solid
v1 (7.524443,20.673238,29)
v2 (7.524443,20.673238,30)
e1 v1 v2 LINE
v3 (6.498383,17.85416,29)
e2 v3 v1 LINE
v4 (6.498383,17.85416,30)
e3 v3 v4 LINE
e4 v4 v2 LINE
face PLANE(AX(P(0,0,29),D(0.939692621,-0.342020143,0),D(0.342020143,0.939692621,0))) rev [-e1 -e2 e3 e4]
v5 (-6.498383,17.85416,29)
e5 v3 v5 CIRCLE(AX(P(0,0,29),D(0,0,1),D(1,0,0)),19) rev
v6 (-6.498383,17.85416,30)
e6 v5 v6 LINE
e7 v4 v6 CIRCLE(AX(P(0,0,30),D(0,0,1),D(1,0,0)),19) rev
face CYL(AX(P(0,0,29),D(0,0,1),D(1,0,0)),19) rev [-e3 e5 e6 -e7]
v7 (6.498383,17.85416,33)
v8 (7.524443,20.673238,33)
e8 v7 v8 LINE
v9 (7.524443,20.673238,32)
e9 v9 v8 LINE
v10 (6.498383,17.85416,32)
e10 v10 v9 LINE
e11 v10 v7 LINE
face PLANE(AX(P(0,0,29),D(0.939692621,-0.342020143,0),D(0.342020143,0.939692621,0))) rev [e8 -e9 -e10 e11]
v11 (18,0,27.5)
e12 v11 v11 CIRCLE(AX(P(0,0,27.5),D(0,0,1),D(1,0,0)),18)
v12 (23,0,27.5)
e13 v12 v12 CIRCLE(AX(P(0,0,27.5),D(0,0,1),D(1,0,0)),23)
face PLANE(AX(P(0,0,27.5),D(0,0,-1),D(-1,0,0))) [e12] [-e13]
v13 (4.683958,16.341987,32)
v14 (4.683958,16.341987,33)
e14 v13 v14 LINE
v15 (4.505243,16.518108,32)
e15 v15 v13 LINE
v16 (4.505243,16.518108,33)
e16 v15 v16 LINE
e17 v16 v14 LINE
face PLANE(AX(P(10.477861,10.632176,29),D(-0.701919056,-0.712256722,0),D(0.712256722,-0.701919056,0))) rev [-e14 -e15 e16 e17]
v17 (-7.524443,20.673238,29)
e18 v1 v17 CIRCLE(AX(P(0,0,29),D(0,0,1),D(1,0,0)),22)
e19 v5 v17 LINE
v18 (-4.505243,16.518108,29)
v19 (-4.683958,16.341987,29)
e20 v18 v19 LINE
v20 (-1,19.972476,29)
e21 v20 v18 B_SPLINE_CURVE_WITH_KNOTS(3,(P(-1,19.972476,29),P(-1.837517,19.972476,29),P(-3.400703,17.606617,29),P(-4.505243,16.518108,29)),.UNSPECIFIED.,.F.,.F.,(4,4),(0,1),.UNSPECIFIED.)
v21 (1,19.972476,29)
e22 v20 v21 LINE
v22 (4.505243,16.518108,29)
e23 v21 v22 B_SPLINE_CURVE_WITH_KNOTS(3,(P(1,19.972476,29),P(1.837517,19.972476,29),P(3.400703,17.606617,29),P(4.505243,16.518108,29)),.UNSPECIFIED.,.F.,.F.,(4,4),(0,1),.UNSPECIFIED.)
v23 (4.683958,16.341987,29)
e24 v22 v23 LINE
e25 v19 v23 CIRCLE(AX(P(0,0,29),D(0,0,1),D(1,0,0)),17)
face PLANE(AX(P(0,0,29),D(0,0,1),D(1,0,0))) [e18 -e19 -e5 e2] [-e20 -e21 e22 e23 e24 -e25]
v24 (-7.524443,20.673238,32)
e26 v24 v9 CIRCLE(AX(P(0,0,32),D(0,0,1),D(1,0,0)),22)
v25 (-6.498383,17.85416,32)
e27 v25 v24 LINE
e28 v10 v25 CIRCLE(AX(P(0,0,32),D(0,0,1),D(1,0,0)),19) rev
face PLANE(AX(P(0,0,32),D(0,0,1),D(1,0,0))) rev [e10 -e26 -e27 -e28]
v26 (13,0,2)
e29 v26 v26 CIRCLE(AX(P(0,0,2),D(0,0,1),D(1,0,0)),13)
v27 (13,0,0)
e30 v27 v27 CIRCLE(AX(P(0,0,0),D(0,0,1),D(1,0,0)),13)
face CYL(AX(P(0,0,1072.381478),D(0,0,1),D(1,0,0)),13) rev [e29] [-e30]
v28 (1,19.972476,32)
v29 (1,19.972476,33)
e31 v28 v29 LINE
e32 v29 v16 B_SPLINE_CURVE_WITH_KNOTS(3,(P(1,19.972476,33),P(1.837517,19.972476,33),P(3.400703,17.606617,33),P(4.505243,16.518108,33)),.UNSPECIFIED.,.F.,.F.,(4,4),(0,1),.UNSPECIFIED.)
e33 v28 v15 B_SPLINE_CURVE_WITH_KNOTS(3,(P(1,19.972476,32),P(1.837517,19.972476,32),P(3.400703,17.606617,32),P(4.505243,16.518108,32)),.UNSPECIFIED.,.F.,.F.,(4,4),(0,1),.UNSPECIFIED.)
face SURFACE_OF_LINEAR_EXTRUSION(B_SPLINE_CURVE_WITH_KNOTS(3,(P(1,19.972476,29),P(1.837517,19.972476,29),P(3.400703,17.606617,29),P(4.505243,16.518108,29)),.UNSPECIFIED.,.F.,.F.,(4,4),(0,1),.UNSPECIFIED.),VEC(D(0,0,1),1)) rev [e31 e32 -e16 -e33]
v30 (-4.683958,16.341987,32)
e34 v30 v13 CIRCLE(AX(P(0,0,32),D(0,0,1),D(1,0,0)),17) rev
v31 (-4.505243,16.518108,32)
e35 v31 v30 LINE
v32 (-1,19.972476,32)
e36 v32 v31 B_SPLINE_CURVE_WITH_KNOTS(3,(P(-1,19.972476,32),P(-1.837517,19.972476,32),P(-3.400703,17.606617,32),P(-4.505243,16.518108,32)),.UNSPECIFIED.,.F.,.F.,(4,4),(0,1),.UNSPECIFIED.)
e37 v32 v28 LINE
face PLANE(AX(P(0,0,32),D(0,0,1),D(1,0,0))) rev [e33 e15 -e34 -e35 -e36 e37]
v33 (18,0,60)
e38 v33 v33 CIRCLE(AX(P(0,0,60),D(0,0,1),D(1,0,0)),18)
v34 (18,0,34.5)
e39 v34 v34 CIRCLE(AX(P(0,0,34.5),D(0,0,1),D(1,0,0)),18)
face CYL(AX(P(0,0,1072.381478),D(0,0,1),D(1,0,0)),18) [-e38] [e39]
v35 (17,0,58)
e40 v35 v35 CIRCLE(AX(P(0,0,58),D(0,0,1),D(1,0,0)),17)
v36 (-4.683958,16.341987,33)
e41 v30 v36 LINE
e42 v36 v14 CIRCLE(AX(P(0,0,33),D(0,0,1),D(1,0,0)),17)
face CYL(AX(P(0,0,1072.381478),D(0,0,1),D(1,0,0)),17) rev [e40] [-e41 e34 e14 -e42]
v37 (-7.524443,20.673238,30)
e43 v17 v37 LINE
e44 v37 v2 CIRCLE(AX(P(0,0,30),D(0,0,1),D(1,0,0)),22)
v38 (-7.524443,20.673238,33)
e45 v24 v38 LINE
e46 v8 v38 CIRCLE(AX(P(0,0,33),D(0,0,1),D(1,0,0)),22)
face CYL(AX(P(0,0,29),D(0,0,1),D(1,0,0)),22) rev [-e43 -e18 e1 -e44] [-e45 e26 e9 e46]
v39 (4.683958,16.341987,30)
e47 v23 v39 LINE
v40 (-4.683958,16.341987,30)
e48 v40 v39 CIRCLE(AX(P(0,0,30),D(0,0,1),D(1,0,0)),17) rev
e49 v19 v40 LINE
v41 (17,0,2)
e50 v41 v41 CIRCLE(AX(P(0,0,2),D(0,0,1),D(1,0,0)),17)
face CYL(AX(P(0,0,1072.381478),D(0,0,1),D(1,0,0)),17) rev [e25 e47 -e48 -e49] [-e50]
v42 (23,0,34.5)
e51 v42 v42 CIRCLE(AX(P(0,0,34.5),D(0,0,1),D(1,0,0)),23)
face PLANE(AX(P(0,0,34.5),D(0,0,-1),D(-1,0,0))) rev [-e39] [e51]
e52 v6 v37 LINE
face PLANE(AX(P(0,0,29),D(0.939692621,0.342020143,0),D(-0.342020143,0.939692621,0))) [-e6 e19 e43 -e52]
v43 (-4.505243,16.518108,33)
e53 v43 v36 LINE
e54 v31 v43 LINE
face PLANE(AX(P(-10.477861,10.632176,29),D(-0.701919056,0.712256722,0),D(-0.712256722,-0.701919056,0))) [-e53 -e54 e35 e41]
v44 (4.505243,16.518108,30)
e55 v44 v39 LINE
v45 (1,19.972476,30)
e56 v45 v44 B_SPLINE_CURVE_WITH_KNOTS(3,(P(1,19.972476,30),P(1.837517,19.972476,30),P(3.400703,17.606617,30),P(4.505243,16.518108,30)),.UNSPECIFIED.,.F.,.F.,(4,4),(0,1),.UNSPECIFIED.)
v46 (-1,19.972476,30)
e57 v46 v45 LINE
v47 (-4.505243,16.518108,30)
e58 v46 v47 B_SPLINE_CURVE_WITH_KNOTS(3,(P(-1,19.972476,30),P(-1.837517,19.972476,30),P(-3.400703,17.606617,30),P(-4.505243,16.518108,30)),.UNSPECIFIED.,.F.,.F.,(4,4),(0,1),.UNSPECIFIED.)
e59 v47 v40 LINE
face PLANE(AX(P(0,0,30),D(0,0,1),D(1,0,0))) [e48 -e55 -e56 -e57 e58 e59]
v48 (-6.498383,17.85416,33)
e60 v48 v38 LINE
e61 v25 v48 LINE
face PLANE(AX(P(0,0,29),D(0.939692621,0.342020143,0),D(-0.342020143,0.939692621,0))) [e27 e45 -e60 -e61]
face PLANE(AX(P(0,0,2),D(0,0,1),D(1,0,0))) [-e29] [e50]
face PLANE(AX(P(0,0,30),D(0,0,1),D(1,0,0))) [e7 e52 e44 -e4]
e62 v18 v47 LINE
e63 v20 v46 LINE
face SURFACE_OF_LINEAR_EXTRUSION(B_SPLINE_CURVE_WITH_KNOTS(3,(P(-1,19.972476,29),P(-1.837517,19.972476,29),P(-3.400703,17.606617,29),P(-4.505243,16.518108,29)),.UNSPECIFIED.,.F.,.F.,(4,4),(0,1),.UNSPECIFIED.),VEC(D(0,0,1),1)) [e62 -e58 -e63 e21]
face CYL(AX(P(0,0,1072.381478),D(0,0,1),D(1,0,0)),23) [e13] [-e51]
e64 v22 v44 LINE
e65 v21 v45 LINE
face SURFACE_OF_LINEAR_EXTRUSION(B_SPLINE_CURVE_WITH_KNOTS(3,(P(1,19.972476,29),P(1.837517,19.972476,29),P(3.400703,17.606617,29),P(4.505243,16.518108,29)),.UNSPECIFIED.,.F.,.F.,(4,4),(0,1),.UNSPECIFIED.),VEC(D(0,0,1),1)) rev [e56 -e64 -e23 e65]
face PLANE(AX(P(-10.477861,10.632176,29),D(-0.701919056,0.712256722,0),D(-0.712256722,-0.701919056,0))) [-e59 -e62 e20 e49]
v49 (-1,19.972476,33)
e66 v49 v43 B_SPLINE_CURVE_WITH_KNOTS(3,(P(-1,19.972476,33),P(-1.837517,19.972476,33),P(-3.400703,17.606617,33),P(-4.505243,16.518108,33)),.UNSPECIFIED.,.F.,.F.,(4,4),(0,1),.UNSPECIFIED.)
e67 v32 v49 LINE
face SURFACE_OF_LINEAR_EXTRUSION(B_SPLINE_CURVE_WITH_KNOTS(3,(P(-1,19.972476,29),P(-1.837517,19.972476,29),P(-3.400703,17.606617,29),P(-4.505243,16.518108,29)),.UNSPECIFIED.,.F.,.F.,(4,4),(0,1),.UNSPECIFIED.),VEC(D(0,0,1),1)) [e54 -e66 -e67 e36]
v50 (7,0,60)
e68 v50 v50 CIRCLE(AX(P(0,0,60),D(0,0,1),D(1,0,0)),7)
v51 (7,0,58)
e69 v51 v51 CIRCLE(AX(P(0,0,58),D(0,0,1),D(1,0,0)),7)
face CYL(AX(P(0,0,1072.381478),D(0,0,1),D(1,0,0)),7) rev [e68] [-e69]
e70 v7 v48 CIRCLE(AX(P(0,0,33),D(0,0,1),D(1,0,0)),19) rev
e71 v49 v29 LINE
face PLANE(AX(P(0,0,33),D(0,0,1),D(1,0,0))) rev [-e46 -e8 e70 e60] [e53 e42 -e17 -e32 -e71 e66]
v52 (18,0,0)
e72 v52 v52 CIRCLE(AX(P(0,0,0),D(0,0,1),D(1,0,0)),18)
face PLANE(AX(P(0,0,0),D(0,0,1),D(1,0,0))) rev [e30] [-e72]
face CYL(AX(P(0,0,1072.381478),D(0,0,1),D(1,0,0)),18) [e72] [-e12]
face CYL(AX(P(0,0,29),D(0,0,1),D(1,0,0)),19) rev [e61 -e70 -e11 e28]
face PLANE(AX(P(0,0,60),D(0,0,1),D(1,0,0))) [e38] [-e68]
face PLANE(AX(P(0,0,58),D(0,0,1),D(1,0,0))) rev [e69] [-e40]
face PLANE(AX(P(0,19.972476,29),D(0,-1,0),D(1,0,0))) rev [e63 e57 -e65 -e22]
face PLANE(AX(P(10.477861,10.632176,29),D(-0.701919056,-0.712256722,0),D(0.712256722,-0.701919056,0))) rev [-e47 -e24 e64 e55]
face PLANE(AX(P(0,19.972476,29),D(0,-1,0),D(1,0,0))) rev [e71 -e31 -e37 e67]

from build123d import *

# Parameters (mm, degrees)
CUT_EXTRUDE1_DEPTH = 2
CUT_EXTRUDE2_DEPTH = 1


with BuildPart() as part:
    # Sketch1 → Revolve1 (revolve)
    with BuildSketch(Plane(origin=(0, 0, 0), x_dir=(0, 0, -1), z_dir=(1, 0, 0))):
        Polygon((-60, 18), (-60, 7), (-58, 7), (-58, 17), (-2, 17), (-2, 13), (0, 13), (0, 18), (-27.5, 18), (-27.5, 23), (-34.5, 23), (-34.5, 18), align=None)
    revolve(axis=Axis((0, 0, 1072.381477522), (0, 0, -1)))

    # Sketch3 → Cut-Extrude1 (cut, symmetric)
    with BuildSketch(Plane.XY.offset(31)):
        with BuildLine():
            ThreePointArc((-6.498382723, 17.854159795), (0, -19), (6.498382723, 17.854159795))
            Line((6.498382723, 17.854159795), (7.524443153, 20.673237657))
            ThreePointArc((7.524443153, 20.673237657), (0, 22), (-7.524443153, 20.673237657))
            Line((-7.524443153, 20.673237657), (-6.498382723, 17.854159795))
        make_face()
        with BuildLine():
            add(Edge.make_bspline(
                [(-1, 19.972475891), (-1.837517439, 19.972475891), (-3.400702548, 17.606617047), (-4.505243001, 16.51810785)],
                knots=[0, 0, 0, 0, 1, 1, 1, 1], degree=3))
            Line((-1, 19.972475891), (1, 19.972475891))
            add(Edge.make_bspline(
                [(1, 19.972475891), (1.837517439, 19.972475891), (3.400702548, 17.606617047), (4.505243001, 16.51810785)],
                knots=[0, 0, 0, 0, 1, 1, 1, 1], degree=3))
            Line((4.505243001, 16.51810785), (4.683957663, 16.341987046))
            ThreePointArc((4.683957663, 16.341987046), (13.576215973, 10.231635249), (17, 0))
            ThreePointArc((17, 0), (-10.231635249, -13.576215973), (-4.683957663, 16.341987046))
            Line((-4.683957663, 16.341987046), (-4.505243001, 16.51810785))
        make_face(mode=Mode.SUBTRACT)
    extrude(amount=CUT_EXTRUDE1_DEPTH, both=True, mode=Mode.SUBTRACT)

    # Sketch3<5> → Cut-Extrude2 (cut, symmetric)
    with BuildSketch(Plane.XY.offset(31)):
        with BuildLine():
            Line((1, 19.972475891), (-1, 19.972475891))
            add(Edge.make_bspline(
                [(-1, 19.972475891), (-1.837517439, 19.972475891), (-3.400702548, 17.606617047), (-4.505243001, 16.51810785)],
                knots=[0, 0, 0, 0, 1, 1, 1, 1], degree=3))
            Line((-4.505243001, 16.51810785), (-4.683957663, 16.341987046))
            ThreePointArc((-4.683957663, 16.341987046), (0, -17), (4.683957663, 16.341987046))
            Line((4.683957663, 16.341987046), (4.505243001, 16.51810785))
            add(Edge.make_bspline(
                [(1, 19.972475891), (1.837517439, 19.972475891), (3.400702548, 17.606617047), (4.505243001, 16.51810785)],
                knots=[0, 0, 0, 0, 1, 1, 1, 1], degree=3))
        make_face()
        with BuildLine():
            Line((7.524443153, 20.673237657), (6.498382723, 17.854159795))
            ThreePointArc((6.498382723, 17.854159795), (0, -19), (-6.498382723, 17.854159795))
            Line((-6.498382723, 17.854159795), (-7.524443153, 20.673237657))
            ThreePointArc((-7.524443153, 20.673237657), (0, -22), (7.524443153, 20.673237657))
        make_face()
    extrude(amount=CUT_EXTRUDE2_DEPTH, both=True, mode=Mode.SUBTRACT)


solid = part.part
